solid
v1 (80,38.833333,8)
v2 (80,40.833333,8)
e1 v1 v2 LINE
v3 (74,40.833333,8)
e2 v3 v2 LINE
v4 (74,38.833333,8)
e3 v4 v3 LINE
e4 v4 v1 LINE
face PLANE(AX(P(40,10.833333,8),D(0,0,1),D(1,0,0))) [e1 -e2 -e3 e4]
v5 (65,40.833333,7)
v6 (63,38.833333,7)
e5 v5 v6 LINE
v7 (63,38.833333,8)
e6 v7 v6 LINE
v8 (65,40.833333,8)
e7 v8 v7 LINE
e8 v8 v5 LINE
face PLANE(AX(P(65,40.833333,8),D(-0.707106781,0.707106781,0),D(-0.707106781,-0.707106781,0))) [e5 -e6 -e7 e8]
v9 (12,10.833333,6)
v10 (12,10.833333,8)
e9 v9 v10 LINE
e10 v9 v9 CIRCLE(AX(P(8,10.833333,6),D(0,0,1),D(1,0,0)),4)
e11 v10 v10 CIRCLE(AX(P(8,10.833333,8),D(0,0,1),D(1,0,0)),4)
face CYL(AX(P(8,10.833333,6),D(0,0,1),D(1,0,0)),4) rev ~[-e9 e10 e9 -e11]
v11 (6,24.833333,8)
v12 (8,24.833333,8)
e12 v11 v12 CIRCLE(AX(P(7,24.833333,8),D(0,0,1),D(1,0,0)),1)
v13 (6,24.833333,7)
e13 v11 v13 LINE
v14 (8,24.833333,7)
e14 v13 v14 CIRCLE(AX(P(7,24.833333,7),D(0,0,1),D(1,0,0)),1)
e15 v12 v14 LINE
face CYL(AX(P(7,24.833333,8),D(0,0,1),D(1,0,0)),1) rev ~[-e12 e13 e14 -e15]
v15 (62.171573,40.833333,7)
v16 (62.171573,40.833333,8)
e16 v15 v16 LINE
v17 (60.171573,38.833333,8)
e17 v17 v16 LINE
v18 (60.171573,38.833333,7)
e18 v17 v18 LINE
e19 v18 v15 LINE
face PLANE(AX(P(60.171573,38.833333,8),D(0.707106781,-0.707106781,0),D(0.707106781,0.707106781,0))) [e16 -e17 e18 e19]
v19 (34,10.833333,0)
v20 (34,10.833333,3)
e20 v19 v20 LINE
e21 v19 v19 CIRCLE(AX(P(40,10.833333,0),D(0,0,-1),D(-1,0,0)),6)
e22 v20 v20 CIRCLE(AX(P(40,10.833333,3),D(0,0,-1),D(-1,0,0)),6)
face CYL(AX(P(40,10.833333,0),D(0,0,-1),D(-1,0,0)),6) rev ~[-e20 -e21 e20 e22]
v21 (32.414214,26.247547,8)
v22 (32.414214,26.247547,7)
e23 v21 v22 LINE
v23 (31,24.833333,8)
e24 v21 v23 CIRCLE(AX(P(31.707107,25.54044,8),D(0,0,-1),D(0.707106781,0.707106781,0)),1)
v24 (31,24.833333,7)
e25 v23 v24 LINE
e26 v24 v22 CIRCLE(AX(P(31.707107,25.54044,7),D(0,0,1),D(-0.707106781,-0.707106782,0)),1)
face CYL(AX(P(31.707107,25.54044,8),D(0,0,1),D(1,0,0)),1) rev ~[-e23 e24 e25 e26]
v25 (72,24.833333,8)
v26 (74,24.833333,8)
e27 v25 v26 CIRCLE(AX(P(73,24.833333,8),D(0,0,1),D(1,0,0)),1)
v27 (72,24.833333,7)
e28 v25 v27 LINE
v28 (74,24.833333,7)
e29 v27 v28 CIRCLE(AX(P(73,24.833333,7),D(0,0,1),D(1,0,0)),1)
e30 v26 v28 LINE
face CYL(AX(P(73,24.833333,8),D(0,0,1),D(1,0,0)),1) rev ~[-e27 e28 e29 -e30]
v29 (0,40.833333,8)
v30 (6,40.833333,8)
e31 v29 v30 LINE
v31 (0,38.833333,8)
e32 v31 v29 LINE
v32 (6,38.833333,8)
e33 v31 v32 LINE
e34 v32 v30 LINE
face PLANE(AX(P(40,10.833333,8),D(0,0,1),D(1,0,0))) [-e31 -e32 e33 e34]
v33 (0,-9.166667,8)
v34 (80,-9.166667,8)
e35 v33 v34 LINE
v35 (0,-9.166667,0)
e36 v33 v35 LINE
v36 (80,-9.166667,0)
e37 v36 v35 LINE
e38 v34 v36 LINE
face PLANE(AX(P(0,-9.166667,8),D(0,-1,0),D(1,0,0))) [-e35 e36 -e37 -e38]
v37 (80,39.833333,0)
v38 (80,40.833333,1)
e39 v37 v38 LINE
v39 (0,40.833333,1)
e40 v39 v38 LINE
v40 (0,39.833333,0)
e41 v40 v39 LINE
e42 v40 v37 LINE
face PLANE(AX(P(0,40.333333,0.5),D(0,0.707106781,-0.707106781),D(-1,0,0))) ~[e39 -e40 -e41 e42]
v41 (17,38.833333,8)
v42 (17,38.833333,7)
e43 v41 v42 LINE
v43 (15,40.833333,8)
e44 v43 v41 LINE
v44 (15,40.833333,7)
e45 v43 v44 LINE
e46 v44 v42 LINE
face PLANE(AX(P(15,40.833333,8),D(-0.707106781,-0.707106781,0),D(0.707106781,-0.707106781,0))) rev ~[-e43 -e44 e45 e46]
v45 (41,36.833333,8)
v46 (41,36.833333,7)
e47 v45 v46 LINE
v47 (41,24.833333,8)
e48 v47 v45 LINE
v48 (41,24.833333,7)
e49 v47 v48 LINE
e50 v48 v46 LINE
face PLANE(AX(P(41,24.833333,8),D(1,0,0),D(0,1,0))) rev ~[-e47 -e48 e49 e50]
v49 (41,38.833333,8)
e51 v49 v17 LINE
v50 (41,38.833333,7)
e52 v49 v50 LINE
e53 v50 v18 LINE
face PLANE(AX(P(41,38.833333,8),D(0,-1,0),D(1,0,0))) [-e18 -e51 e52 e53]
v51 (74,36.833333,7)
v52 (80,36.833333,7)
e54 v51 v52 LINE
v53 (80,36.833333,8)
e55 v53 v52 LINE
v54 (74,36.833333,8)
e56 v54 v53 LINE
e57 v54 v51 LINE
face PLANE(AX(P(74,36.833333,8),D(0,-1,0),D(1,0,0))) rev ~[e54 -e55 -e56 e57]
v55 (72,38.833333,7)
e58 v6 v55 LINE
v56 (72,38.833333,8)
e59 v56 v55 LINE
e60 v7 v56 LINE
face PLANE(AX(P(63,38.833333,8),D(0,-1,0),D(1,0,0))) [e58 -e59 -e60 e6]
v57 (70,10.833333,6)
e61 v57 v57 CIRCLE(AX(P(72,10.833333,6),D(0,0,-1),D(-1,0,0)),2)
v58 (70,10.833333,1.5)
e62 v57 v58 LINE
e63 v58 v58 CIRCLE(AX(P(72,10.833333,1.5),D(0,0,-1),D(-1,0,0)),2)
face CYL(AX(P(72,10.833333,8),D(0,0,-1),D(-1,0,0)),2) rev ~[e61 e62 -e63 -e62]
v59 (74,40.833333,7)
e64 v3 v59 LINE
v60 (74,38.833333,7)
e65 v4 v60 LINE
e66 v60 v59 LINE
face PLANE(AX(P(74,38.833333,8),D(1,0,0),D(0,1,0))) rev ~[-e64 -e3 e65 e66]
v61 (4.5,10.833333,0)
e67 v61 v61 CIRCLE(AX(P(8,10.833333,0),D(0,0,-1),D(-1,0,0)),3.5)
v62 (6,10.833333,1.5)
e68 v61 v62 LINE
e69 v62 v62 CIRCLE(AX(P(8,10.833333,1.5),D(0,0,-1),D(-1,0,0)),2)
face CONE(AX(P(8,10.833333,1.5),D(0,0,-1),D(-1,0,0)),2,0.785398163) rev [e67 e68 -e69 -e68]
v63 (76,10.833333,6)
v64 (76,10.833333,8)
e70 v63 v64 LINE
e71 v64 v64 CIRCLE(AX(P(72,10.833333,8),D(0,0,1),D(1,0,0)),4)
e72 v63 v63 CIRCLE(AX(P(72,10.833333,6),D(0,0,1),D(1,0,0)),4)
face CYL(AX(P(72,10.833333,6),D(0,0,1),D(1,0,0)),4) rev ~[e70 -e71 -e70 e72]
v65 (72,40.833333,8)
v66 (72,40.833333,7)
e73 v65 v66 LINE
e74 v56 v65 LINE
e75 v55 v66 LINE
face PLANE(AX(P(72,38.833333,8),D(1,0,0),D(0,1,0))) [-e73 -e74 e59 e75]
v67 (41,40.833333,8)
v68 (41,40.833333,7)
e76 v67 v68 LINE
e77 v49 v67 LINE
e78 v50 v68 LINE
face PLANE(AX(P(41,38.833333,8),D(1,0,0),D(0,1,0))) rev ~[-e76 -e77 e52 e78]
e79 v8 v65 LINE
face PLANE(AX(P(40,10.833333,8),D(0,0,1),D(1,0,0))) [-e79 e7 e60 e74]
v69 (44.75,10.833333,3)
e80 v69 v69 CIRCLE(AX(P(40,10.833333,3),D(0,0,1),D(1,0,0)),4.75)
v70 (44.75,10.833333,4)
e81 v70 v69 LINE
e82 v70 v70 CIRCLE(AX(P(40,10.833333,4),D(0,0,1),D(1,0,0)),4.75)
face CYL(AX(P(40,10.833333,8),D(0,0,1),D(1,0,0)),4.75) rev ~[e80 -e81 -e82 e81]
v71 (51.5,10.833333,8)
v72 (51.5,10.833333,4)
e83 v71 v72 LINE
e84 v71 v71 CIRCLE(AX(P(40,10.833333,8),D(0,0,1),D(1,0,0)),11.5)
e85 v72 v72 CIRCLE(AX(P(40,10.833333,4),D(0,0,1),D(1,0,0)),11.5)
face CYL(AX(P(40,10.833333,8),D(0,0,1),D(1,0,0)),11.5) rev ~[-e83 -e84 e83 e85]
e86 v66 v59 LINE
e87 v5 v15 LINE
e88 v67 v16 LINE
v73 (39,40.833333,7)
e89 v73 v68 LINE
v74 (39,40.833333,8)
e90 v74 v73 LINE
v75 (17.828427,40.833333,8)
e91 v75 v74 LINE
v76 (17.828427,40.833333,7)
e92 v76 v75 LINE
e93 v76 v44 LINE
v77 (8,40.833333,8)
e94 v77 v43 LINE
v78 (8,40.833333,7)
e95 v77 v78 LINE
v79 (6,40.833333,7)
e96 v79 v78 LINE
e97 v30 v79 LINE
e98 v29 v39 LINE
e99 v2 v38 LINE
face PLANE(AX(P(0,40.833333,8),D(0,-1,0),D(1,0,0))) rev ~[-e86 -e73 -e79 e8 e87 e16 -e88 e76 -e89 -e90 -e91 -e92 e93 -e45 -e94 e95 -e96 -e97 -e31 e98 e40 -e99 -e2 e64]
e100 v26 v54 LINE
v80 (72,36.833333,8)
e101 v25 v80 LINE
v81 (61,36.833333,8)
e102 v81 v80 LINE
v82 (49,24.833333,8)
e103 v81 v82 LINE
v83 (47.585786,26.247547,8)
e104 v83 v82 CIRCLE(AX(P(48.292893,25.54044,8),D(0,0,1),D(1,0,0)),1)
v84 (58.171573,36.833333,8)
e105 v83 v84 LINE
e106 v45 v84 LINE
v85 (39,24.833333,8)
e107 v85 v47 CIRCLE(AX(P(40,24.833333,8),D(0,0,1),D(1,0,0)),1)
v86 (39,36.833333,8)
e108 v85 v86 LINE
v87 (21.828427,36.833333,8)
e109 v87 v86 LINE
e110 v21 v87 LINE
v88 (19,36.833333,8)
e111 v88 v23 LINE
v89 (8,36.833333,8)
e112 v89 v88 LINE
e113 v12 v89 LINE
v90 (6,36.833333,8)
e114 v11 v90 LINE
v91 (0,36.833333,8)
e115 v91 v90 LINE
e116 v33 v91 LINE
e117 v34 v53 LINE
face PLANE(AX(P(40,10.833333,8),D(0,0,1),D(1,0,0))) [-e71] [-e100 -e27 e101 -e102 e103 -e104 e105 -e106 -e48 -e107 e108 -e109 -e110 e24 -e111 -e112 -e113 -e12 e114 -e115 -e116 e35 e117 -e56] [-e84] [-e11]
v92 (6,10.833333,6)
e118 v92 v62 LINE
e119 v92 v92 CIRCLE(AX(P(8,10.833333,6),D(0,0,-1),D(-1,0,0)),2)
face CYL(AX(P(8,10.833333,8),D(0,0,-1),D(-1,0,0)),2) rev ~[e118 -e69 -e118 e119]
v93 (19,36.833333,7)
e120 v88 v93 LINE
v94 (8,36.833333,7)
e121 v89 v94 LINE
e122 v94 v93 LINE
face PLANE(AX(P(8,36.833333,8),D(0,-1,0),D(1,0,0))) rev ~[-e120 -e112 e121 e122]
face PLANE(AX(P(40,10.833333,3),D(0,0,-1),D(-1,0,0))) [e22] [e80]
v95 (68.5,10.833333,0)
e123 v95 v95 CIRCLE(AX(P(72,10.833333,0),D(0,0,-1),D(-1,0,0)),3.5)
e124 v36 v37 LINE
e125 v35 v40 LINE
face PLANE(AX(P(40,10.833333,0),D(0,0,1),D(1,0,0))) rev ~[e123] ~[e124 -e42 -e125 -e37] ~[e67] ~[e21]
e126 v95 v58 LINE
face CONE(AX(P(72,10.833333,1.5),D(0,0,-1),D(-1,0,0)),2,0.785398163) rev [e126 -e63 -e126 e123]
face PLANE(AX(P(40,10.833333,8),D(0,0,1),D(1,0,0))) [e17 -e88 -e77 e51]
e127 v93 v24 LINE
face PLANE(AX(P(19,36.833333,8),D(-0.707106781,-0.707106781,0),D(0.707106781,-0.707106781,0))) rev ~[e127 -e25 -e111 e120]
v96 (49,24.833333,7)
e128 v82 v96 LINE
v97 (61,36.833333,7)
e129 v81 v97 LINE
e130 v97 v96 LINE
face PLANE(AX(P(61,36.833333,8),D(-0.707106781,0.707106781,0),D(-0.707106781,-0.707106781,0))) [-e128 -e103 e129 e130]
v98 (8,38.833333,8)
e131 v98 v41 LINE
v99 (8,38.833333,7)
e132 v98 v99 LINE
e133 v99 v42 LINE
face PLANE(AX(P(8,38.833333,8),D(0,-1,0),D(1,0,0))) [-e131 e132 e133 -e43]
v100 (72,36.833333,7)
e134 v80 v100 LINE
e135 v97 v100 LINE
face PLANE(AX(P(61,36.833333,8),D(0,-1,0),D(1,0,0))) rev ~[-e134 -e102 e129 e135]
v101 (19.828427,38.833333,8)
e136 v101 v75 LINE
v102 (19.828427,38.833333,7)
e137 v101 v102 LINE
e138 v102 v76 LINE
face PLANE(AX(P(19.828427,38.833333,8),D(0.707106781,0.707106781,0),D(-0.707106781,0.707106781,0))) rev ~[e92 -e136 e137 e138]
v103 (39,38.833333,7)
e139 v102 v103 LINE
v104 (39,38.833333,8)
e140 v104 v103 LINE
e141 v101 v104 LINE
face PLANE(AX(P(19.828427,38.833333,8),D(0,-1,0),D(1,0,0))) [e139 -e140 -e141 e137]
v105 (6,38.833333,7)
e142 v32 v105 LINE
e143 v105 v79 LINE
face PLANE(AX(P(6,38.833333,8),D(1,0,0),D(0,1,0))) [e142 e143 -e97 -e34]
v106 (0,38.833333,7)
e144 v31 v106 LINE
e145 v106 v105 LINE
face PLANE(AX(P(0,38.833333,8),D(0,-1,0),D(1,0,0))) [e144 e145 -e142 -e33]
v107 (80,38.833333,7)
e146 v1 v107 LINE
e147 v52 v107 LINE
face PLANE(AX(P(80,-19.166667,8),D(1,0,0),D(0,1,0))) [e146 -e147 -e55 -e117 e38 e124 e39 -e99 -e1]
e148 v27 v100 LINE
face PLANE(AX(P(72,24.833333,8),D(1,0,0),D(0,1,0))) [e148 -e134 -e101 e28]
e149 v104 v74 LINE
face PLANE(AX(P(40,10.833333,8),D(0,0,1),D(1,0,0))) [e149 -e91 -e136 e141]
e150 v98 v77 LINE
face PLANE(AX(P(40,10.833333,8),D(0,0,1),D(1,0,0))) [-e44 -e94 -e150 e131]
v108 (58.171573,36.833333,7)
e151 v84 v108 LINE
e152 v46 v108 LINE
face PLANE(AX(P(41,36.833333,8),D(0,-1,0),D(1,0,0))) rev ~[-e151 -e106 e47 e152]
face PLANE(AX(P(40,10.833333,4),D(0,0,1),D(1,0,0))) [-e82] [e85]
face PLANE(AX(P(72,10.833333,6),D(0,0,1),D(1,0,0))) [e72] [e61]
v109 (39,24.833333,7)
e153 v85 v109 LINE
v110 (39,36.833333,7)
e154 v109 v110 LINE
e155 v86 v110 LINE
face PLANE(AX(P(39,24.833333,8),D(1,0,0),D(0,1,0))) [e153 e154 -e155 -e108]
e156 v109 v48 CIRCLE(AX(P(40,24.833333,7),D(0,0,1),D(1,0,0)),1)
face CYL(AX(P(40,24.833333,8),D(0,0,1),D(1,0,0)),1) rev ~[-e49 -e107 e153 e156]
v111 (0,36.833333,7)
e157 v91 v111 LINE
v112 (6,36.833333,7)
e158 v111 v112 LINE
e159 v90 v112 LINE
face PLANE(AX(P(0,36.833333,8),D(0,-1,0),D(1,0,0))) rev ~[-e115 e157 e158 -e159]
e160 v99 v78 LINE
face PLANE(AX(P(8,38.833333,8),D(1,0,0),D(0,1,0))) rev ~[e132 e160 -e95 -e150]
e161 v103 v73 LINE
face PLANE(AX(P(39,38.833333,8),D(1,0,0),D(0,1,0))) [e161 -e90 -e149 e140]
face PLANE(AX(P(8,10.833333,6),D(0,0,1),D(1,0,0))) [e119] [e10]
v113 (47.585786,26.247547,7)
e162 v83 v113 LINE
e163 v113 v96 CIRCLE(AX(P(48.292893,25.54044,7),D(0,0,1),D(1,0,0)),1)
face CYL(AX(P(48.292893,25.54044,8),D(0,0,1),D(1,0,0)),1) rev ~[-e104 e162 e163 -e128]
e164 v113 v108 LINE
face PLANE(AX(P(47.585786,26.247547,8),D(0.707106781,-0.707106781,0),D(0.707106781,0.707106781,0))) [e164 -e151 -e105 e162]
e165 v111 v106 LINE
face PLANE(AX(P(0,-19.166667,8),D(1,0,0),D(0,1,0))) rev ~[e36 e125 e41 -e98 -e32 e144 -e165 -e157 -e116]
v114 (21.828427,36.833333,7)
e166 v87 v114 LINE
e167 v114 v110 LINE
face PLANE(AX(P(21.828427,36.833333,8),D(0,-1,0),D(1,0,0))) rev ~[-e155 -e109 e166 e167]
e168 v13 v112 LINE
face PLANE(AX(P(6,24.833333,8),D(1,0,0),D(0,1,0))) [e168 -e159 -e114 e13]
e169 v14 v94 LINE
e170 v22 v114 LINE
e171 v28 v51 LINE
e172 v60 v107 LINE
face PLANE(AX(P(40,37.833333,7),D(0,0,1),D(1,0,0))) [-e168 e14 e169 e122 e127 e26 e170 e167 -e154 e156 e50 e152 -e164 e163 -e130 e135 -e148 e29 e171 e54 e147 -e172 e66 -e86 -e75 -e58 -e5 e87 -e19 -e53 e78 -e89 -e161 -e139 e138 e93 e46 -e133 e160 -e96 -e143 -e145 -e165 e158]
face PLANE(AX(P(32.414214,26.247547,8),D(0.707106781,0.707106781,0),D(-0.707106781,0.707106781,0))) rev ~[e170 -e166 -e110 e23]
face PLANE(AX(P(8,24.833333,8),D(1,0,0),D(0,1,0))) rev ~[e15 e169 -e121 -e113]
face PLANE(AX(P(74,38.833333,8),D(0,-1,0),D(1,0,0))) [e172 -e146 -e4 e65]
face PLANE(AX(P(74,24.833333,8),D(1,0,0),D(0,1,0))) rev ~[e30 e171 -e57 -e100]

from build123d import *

# Parameters (mm, degrees)
SKETCH_1_W                     = 80
SKETCH_1_H                     = 60
EXTRUDE_1_DEPTH                = 8
HOLE_WIZARD_M3_5_1_D           = 4
HOLE_WIZARD_M3_5_1_CBORE_D     = 8
HOLE_WIZARD_M3_5_1_CBORE_DEPTH = 2
SKETCH_14_W                    = 80
SKETCH_14_H                    = 2
SKETCH_14_W_2                  = 2
SKETCH_14_H_2                  = 16
CUT_EXTRUDE_1_DEPTH            = 1
CUT_EXTRUDE_2_REACH            = 92.174
SKETCH_15_R                    = 4.75
SKETCH_17_R                    = 11.5
CUT_EXTRUDE_4_DEPTH            = 4
SKETCH_18_R                    = 6
CUT_EXTRUDE_5_DEPTH            = 3
CHAMFER_1_SIZE                 = 1.499999999
CHAMFER_1_SIZE2                = 1.500000001
CHAMFER_2_SIZE                 = 1
SKETCH_20_W                    = 80
SKETCH_20_H                    = 6
CUT_EXTRUDE_6_DEPTH            = 1
SKETCH_21_W                    = 80
SKETCH_21_H                    = 4
CUT_EXTRUDE_7_DEPTH            = 1
SKETCH_22_W                    = 80
SKETCH_22_H                    = 2
CUT_EXTRUDE_8_DEPTH            = 1
SKETCH_23_R                    = 1
CUT_EXTRUDE_9_DEPTH            = 1
CUT_EXTRUDE_10_REACH           = 92.174
SKETCH_24_W                    = 80
SKETCH_24_H                    = 10


with BuildPart() as part:
    # 草图1 → 凸台-拉伸1 (new body)
    with BuildSketch(Plane.XY.offset(8)):
        with Locations((40, 10.833333333)):
            Rectangle(SKETCH_1_W, SKETCH_1_H)
    extrude(amount=-EXTRUDE_1_DEPTH)

    # M3.5 六角头机械螺钉的柱形沉头孔1 (through all)
    with Locations(Plane.XY.offset(8)):
        with Locations((8, 10.833333333), (72, 10.833333333)):
            CounterBoreHole(HOLE_WIZARD_M3_5_1_D / 2, HOLE_WIZARD_M3_5_1_CBORE_D / 2, HOLE_WIZARD_M3_5_1_CBORE_DEPTH)

    # 草图14 → 切除-拉伸1 (cut)
    with BuildSketch(Plane.XY.offset(8)):
        with Locations((40, 37.833333333)):
            Rectangle(SKETCH_14_W, SKETCH_14_H)
        Polygon((15, 40.833333333), (31, 24.833333333), (32.414213562, 26.247546896), (16.414213562, 42.247546896), align=None)
        with Locations((7, 32.833333333)):
            Rectangle(SKETCH_14_W_2, SKETCH_14_H_2)
        with Locations((40, 32.833333333)):
            Rectangle(SKETCH_14_W_2, SKETCH_14_H_2)
        with Locations((73, 32.833333333)):
            Rectangle(SKETCH_14_W_2, SKETCH_14_H_2)
        Polygon((47.585786438, 26.247546896), (63.585786438, 42.247546896), (65, 40.833333333), (49, 24.833333333), align=None)
    extrude(amount=-CUT_EXTRUDE_1_DEPTH, mode=Mode.SUBTRACT)

    # 草图15 → 切除-拉伸2 (cut, up to next)
    with BuildSketch(Plane.XY.offset(8), mode=Mode.PRIVATE) as cut_extrude_2_sk1:
        with Locations((40, 10.833333333)):
            Circle(SKETCH_15_R)
    cut_extrude_2_tool1 = extrude(cut_extrude_2_sk1.sketch, amount=-CUT_EXTRUDE_2_REACH, mode=Mode.PRIVATE) & part.part
    add(cut_extrude_2_tool1.solids().sort_by_distance((40, 10.833333, 8))[0], mode=Mode.SUBTRACT)

    # 草图17 → 切除-拉伸4 (cut)
    with BuildSketch(Plane.XY.offset(8)):
        with Locations((40, 10.833333333)):
            Circle(SKETCH_17_R)
    extrude(amount=-CUT_EXTRUDE_4_DEPTH, mode=Mode.SUBTRACT)

    # 草图18 → 切除-拉伸5 (cut)
    with BuildSketch(Plane(origin=(0, 0, 0), x_dir=(-1, 0, 0), z_dir=(0, 0, -1))):
        with Locations((-40, 10.833333333)):
            Circle(SKETCH_18_R)
    extrude(amount=-CUT_EXTRUDE_5_DEPTH, mode=Mode.SUBTRACT)

    # 倒角1
    chamfer_1_edges = [part.edges().sort_by_distance(p)[0] for p in [
        (74, 10.833333333, 0),
        (10, 10.833333333, 0),
    ]]
    chamfer_1_side = [part.faces().sort_by_distance(p)[0] for p in [
        (79, 10.833333333, 0),
    ]]
    chamfer(chamfer_1_edges, length=CHAMFER_1_SIZE, length2=CHAMFER_1_SIZE2, reference=chamfer_1_side[0])

    # 倒角2
    chamfer_2_edges = [part.edges().sort_by_distance(p)[0] for p in [
        (40, 40.833333333, 0),
    ]]
    chamfer(chamfer_2_edges, length=CHAMFER_2_SIZE)

    # 草图20 → 切除-拉伸6 (cut)
    with BuildSketch(Plane.XY.offset(8)):
        with Locations((40, -16.166666667)):
            Rectangle(SKETCH_20_W, SKETCH_20_H)
    extrude(amount=-CUT_EXTRUDE_6_DEPTH, mode=Mode.SUBTRACT)

    # 草图21 → 切除-拉伸7 (cut)
    with BuildSketch(Plane.XY.offset(7)):
        with Locations((40, -17.166666667)):
            Rectangle(SKETCH_21_W, SKETCH_21_H)
    extrude(amount=-CUT_EXTRUDE_7_DEPTH, mode=Mode.SUBTRACT)

    # 草图22 → 切除-拉伸8 (cut)
    with BuildSketch(Plane.XY.offset(6)):
        with Locations((40, -18.166666667)):
            Rectangle(SKETCH_22_W, SKETCH_22_H)
    extrude(amount=-CUT_EXTRUDE_8_DEPTH, mode=Mode.SUBTRACT)

    # 草图23 → 切除-拉伸9 (cut)
    with BuildSketch(Plane.XY.offset(8)):
        with Locations((7, 24.833333333)):
            Circle(SKETCH_23_R)
        with Locations((31.707106781, 25.540440115)):
            Circle(SKETCH_23_R)
        with Locations((40, 24.833333333)):
            Circle(SKETCH_23_R)
        with Locations((48.292893219, 25.540440115)):
            Circle(SKETCH_23_R)
        with Locations((73, 24.833333333)):
            Circle(SKETCH_23_R)
    extrude(amount=-CUT_EXTRUDE_9_DEPTH, mode=Mode.SUBTRACT)

    # 草图24 → 切除-拉伸10 (cut, up to next)
    with BuildSketch(Plane.XY.offset(8), mode=Mode.PRIVATE) as cut_extrude_10_sk1:
        with Locations((40, -14.166666667)):
            Rectangle(SKETCH_24_W, SKETCH_24_H)
    cut_extrude_10_tool1 = extrude(cut_extrude_10_sk1.sketch, amount=-CUT_EXTRUDE_10_REACH, mode=Mode.PRIVATE) & part.part
    add(cut_extrude_10_tool1.solids().sort_by_distance((40, -14.166667, 8))[0], mode=Mode.SUBTRACT)


solid = part.part
